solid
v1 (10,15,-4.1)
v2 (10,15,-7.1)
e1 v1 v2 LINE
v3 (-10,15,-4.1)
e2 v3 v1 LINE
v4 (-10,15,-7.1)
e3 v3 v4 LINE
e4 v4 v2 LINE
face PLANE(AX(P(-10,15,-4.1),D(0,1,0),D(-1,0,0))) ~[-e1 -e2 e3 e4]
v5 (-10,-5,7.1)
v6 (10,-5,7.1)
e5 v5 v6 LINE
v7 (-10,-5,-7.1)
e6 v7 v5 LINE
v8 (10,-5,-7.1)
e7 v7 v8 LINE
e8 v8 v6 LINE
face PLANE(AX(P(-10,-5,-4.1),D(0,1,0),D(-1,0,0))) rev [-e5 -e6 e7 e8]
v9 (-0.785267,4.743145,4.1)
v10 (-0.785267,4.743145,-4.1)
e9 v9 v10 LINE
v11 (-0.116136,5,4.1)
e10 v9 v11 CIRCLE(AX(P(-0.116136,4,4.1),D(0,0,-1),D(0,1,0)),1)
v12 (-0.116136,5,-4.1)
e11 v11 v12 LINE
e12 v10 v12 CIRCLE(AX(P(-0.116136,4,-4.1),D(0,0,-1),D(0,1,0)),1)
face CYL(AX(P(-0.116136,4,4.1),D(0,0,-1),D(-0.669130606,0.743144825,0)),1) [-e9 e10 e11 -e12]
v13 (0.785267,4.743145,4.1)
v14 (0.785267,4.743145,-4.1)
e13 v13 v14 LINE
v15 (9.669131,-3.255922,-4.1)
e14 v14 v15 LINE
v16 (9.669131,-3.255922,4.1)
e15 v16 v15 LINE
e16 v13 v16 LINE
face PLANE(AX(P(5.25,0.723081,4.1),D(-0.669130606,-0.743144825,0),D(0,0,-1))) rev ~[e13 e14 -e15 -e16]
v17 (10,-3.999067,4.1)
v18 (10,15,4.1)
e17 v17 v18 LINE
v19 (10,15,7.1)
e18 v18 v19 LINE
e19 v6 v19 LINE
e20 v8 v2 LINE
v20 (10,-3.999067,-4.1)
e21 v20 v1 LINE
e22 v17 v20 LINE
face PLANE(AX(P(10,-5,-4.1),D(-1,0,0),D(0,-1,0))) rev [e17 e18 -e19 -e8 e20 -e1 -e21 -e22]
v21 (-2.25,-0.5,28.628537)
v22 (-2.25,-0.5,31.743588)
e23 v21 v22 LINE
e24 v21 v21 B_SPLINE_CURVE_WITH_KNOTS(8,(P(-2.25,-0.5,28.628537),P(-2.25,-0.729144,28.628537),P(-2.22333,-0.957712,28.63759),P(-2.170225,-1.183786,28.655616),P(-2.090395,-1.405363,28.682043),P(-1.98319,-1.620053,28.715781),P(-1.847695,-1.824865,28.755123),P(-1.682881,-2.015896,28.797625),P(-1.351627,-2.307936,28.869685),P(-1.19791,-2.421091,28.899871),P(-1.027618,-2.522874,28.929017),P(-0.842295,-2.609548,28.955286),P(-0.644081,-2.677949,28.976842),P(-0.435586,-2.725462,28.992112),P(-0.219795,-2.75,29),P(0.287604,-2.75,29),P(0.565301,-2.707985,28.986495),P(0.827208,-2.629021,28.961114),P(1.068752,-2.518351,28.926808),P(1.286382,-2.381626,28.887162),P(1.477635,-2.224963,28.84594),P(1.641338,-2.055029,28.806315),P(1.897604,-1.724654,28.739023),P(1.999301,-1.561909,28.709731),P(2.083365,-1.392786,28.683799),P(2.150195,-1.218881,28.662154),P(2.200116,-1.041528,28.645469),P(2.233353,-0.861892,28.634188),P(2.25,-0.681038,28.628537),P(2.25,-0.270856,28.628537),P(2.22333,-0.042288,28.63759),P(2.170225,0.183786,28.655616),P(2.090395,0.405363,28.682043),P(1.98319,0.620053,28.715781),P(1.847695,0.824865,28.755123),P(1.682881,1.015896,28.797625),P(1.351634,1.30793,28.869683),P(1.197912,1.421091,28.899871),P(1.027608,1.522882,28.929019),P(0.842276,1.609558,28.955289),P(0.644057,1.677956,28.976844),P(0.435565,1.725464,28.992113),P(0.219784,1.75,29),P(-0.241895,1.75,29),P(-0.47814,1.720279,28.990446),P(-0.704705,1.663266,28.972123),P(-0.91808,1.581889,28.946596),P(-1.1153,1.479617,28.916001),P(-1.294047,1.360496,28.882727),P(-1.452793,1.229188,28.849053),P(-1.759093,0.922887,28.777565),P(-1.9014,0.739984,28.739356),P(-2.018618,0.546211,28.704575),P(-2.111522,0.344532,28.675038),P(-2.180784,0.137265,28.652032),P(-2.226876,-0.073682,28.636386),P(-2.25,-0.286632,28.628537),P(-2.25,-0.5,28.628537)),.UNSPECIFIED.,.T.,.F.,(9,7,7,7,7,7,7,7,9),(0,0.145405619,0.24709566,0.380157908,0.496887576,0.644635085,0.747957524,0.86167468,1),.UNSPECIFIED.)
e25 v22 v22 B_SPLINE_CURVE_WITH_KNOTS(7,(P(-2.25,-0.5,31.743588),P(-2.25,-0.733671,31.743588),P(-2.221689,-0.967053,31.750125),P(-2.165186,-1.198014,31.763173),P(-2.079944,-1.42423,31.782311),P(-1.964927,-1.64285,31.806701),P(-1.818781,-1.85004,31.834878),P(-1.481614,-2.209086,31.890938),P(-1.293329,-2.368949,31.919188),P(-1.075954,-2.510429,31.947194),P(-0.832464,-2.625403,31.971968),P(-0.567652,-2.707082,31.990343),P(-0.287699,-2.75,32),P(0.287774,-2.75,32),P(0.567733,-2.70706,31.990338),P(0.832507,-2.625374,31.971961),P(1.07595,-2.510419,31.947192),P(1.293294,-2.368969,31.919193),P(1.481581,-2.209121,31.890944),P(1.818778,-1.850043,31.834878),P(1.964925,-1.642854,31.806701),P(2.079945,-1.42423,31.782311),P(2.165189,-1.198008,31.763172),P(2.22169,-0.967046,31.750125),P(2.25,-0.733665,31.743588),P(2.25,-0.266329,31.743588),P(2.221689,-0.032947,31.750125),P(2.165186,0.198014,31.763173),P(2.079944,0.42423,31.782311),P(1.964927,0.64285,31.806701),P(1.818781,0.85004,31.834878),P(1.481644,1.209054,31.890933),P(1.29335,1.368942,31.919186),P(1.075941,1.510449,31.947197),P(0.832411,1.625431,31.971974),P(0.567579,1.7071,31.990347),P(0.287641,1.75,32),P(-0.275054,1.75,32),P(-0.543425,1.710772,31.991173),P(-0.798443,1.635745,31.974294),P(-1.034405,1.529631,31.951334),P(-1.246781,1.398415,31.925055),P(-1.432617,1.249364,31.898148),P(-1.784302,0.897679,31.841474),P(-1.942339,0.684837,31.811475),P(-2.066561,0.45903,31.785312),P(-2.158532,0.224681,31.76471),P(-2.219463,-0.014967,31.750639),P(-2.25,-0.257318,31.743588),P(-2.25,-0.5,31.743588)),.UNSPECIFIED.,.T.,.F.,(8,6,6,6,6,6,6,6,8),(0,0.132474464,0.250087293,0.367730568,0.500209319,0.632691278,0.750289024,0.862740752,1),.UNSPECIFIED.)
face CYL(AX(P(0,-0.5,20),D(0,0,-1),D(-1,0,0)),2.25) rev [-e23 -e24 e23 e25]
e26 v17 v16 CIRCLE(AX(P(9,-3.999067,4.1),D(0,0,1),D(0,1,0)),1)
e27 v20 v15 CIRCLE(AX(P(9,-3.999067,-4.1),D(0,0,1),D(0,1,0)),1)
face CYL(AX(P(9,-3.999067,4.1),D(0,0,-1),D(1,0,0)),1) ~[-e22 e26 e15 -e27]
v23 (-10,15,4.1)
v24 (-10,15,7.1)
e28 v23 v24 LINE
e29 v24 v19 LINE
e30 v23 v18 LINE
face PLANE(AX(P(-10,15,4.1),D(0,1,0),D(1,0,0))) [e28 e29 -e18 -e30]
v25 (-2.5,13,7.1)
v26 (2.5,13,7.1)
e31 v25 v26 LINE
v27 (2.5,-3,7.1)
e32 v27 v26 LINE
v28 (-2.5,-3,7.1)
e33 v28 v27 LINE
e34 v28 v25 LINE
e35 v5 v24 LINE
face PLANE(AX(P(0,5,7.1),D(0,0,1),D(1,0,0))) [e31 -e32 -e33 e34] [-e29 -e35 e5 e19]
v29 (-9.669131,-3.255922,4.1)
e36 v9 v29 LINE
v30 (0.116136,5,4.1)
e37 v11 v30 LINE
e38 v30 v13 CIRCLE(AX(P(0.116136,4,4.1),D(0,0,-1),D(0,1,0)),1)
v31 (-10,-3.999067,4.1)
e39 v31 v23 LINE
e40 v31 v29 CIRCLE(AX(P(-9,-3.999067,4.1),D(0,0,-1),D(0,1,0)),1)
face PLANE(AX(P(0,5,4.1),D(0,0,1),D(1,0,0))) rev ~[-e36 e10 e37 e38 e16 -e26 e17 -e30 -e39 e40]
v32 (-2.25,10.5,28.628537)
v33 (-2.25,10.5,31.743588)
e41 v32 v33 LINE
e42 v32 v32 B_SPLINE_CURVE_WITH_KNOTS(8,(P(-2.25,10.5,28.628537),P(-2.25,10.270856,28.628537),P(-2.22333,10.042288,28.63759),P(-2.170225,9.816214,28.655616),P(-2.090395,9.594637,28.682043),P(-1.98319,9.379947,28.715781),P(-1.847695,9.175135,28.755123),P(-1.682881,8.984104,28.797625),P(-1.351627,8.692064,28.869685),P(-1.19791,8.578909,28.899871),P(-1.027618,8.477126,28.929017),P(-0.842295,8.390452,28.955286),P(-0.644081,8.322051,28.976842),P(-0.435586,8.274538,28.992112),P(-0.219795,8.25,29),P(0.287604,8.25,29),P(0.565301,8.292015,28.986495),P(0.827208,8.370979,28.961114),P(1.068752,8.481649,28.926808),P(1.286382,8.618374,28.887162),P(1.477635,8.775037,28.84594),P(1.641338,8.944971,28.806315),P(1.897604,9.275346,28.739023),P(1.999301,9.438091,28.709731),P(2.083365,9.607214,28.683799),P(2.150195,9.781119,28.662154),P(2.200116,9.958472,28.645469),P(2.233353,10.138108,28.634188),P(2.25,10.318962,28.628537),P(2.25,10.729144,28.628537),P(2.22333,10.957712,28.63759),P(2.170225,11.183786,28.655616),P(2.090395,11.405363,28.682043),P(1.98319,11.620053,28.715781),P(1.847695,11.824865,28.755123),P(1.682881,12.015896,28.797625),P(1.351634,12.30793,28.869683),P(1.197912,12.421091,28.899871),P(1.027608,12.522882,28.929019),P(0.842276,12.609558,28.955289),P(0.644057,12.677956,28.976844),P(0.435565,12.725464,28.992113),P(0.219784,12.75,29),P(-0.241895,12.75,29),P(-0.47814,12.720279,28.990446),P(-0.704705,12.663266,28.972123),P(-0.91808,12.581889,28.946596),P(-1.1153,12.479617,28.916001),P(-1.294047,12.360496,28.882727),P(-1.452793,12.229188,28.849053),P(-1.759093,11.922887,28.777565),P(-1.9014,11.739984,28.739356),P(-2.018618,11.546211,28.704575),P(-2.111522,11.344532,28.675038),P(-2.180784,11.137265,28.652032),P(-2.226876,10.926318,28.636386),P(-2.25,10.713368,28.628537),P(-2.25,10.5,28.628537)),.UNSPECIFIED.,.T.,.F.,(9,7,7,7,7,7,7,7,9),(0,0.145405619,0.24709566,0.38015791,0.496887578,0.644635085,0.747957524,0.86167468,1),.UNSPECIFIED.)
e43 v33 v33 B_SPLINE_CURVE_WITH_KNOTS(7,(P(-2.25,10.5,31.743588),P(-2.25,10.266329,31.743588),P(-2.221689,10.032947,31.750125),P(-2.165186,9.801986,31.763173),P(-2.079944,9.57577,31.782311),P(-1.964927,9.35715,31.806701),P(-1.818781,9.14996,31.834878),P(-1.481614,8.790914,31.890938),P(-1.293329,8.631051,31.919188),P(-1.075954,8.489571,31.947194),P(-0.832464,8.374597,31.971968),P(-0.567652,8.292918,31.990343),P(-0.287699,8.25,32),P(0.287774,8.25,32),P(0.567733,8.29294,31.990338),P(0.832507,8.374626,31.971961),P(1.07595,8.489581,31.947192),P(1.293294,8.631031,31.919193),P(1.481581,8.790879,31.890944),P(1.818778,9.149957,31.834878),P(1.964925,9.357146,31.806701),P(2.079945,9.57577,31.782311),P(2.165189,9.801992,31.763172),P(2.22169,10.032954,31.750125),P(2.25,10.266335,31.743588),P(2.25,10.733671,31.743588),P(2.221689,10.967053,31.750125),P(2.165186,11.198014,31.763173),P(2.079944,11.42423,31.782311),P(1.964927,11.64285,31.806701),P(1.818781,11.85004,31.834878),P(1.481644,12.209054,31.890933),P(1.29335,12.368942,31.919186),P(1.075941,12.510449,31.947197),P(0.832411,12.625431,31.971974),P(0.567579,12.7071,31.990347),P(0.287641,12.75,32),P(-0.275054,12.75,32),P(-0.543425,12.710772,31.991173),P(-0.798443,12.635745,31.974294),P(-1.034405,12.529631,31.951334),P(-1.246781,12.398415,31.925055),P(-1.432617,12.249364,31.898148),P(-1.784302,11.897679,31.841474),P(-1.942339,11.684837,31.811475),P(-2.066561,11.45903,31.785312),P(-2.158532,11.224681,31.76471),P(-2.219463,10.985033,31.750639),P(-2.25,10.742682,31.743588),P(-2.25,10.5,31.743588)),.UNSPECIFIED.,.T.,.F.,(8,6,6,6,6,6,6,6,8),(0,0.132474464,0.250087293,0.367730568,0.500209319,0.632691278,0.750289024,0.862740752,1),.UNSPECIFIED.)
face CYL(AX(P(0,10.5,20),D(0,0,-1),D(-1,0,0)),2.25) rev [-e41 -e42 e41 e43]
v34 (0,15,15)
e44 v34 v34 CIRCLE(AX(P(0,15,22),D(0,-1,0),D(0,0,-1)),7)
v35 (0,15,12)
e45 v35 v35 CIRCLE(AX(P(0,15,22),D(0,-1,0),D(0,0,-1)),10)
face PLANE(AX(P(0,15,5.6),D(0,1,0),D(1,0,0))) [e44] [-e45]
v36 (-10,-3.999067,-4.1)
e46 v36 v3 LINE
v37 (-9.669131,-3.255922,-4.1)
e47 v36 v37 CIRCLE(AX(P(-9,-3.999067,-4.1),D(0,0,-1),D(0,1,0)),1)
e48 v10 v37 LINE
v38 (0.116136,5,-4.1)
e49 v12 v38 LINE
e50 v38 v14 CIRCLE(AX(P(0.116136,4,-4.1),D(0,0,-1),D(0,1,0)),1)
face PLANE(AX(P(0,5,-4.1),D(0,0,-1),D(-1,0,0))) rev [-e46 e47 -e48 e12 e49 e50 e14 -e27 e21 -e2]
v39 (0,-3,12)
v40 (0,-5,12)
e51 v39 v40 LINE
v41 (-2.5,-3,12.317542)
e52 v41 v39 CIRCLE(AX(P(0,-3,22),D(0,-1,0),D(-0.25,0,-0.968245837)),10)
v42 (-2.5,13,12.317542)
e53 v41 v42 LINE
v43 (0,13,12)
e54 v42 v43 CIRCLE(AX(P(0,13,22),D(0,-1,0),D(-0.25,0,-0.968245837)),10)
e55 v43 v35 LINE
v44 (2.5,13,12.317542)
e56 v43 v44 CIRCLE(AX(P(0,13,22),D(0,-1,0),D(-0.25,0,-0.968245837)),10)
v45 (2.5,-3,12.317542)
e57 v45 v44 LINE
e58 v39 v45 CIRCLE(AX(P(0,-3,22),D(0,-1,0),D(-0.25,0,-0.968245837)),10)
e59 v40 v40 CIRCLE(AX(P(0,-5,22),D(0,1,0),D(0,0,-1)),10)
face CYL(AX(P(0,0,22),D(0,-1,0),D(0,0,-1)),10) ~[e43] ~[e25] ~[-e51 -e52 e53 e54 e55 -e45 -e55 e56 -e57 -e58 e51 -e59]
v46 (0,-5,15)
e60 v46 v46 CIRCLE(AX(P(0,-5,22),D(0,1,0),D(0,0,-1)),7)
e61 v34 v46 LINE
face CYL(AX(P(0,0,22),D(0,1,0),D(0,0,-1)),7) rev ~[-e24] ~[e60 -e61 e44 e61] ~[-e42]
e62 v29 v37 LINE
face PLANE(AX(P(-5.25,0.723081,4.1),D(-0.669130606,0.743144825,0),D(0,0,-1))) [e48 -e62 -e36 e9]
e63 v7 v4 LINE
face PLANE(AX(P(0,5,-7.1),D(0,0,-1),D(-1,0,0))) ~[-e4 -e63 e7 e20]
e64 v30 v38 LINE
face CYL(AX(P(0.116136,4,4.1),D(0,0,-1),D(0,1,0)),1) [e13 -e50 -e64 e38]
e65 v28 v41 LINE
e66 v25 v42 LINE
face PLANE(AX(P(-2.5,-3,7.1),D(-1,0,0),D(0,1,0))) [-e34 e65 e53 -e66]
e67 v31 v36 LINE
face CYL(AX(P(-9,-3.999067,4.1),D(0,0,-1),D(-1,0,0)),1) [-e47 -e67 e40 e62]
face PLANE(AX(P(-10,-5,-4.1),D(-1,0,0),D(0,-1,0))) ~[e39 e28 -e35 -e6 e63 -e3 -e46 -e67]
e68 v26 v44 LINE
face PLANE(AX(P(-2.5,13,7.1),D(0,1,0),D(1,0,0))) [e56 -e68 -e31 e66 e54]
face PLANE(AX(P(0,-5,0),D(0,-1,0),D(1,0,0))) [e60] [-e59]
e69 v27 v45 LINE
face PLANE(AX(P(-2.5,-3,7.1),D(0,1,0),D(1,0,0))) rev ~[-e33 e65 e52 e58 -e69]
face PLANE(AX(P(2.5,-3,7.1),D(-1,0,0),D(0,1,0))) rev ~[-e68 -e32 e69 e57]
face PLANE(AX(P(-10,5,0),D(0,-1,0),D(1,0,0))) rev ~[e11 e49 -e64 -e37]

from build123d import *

# Parameters (mm, degrees)
SKETCH2_W                       = 20
SKETCH2_H                       = 10
BOSS_EXTRUDE1_DEPTH             = 4.1
CHAMFER1_SIZE                   = 9.5
CHAMFER1_SIZE2                  = 8.553838421
FILLET3_R                       = 1
SKETCH3_W                       = 20
SKETCH3_H                       = 20
BOSS_EXTRUDE2_DEPTH             = 3
BOSS_EXTRUDE3_REACH             = 21.375
SKETCH6_R                       = 10
SKETCH6_R_2                     = 7
BOSS_EXTRUDE3_DIRECTION_2_REACH = 21.375
BOSS_EXTRUDE4_REACH             = 32.741
BOSS_EXTRUDE4_END_RADIUS        = 10
SKETCH5_W                       = 5
SKETCH5_H                       = 16
CUT_EXTRUDE1_REACH              = 34.549
CUT_EXTRUDE1_END_RADIUS         = 10
SKETCH7_R                       = 2.25


with BuildPart() as part:
    # Sketch2 → Boss-Extrude1 (new, symmetric)
    with BuildSketch(Plane.XY):
        Rectangle(SKETCH2_W, SKETCH2_H)
    extrude(amount=BOSS_EXTRUDE1_DEPTH, both=True)

    # Chamfer1
    chamfer1_edges = [part.edges().sort_by_distance(p)[0] for p in [
        (-10, 5, 0),
        (10, 5, 0),
    ]]
    chamfer1_side = [part.faces().sort_by_distance(p)[0] for p in [
        (0, 5, 0),
    ]]
    chamfer(chamfer1_edges, length=CHAMFER1_SIZE, length2=CHAMFER1_SIZE2, reference=chamfer1_side[0])

    # Fillet3
    fillet3_edges = [part.edges().sort_by_distance(p)[0] for p in [
        (-0.5, 5, 0),
        (0.5, 5, 0),
        (10, -3.553838421, 0),
        (-10, -3.553838421, 0),
    ]]
    fillet(fillet3_edges, radius=FILLET3_R)

    # Sketch3 → Boss-Extrude2 (add)
    with BuildSketch(Plane.XY.offset(4.1)):
        with Locations((0, 5)):
            Rectangle(SKETCH3_W, SKETCH3_H)
    boss_extrude2 = extrude(amount=BOSS_EXTRUDE2_DEPTH)

    # Mirror1: Boss-Extrude2 across plane
    add(boss_extrude2.mirror(Plane.XY))


with BuildPart() as body_2:

    # Boss-Extrude3: up to this face of the body (flat: up to its plane)
    boss_extrude3_end = Plane(part.part.faces().sort_by_distance((0, 15, 5.6))[0])
    # Sketch6 → Boss-Extrude3 (new, up to the picked face)
    with BuildSketch(Plane(origin=(0, 0, 0), x_dir=(1, 0, 0), z_dir=(0, 1, 0)), mode=Mode.PRIVATE) as boss_extrude3_sk1:
        with Locations(Location((0, -22, 0), (0, 0, 90))):
            Circle(SKETCH6_R)
        with Locations(Location((0, -22, 0), (0, 0, 90))):
            Circle(SKETCH6_R_2, mode=Mode.SUBTRACT)
    boss_extrude3_tool1 = split(extrude(boss_extrude3_sk1.sketch, amount=BOSS_EXTRUDE3_REACH, mode=Mode.PRIVATE), bisect_by=boss_extrude3_end, keep=Keep.BOTH, mode=Mode.PRIVATE)
    add(boss_extrude3_tool1.solids().sort_by(Axis((0, 0, 31.717157), (0, 1, 0)))[0])


    # Boss-Extrude3 direction 2: up to this face of the body (flat: up to its plane)
    boss_extrude3_direction_2_end = Plane(part.part.faces().sort_by_distance((0, -5, 0))[0])
    # Sketch6 → Boss-Extrude3 direction 2 (add, up to the picked face)
    with BuildSketch(Plane(origin=(0, 0, 0), x_dir=(1, 0, 0), z_dir=(0, 1, 0)), mode=Mode.PRIVATE) as boss_extrude3_direction_2_sk1:
        with Locations(Location((0, -22, 0), (0, 0, 90))):
            Circle(SKETCH6_R)
        with Locations(Location((0, -22, 0), (0, 0, 90))):
            Circle(SKETCH6_R_2, mode=Mode.SUBTRACT)
    boss_extrude3_direction_2_tool1 = split(extrude(boss_extrude3_direction_2_sk1.sketch, amount=-BOSS_EXTRUDE3_DIRECTION_2_REACH, mode=Mode.PRIVATE), bisect_by=boss_extrude3_direction_2_end, keep=Keep.BOTH, mode=Mode.PRIVATE)
    add(boss_extrude3_direction_2_tool1.solids().sort_by(Axis((0, 0, 31.717157), (0, -1, 0)))[0])


with BuildPart() as part_1:
    add(part.part)

    add(body_2.part)  # Boss-Extrude4 merges body 2
    # Boss-Extrude4: up to this cylinder (the profile starts outside it)
    boss_extrude4_end = Plane(origin=(0, 5, 22), z_dir=(0, -1, 0)) * Cylinder(BOSS_EXTRUDE4_END_RADIUS, 86.482, mode=Mode.PRIVATE)
    # Sketch5 → Boss-Extrude4 (add, up to the surface)
    with BuildSketch(Plane.XY.offset(7.1), mode=Mode.PRIVATE) as boss_extrude4_sk1:
        with Locations((0, 5)):
            Rectangle(SKETCH5_W, SKETCH5_H)
    boss_extrude4_tool1 = extrude(boss_extrude4_sk1.sketch, amount=BOSS_EXTRUDE4_REACH, mode=Mode.PRIVATE) - boss_extrude4_end
    add(boss_extrude4_tool1.solids().sort_by_distance((0, 5, 7.1))[0])

    # Cut-Extrude1: up to this cylinder (the profile starts inside it)
    cut_extrude1_end = Plane(origin=(0, 5, 22), z_dir=(0, -1, 0)) * Cylinder(CUT_EXTRUDE1_END_RADIUS, 101.098, mode=Mode.PRIVATE)
    # Sketch7 → Cut-Extrude1 (cut, up to the surface)
    with BuildSketch(Plane.XY.offset(20), mode=Mode.PRIVATE) as cut_extrude1_sk1:
        with Locations(Location((0, 10.5, 0), (0, 0, 180))):
            Circle(SKETCH7_R)
    cut_extrude1_tool1 = extrude(cut_extrude1_sk1.sketch, amount=CUT_EXTRUDE1_REACH, mode=Mode.PRIVATE) & cut_extrude1_end
    add(cut_extrude1_tool1.solids().sort_by_distance((0, 10.5, 20))[0], mode=Mode.SUBTRACT)
    # Sketch7 → Cut-Extrude1 (cut, up to the surface)
    with BuildSketch(Plane.XY.offset(20), mode=Mode.PRIVATE) as cut_extrude1_sk2:
        with Locations(Location((0, -0.5, 0), (0, 0, 180))):
            Circle(SKETCH7_R)
    cut_extrude1_tool2 = extrude(cut_extrude1_sk2.sketch, amount=CUT_EXTRUDE1_REACH, mode=Mode.PRIVATE) & cut_extrude1_end
    add(cut_extrude1_tool2.solids().sort_by_distance((0, -0.5, 20))[0], mode=Mode.SUBTRACT)


solid = part_1.part
